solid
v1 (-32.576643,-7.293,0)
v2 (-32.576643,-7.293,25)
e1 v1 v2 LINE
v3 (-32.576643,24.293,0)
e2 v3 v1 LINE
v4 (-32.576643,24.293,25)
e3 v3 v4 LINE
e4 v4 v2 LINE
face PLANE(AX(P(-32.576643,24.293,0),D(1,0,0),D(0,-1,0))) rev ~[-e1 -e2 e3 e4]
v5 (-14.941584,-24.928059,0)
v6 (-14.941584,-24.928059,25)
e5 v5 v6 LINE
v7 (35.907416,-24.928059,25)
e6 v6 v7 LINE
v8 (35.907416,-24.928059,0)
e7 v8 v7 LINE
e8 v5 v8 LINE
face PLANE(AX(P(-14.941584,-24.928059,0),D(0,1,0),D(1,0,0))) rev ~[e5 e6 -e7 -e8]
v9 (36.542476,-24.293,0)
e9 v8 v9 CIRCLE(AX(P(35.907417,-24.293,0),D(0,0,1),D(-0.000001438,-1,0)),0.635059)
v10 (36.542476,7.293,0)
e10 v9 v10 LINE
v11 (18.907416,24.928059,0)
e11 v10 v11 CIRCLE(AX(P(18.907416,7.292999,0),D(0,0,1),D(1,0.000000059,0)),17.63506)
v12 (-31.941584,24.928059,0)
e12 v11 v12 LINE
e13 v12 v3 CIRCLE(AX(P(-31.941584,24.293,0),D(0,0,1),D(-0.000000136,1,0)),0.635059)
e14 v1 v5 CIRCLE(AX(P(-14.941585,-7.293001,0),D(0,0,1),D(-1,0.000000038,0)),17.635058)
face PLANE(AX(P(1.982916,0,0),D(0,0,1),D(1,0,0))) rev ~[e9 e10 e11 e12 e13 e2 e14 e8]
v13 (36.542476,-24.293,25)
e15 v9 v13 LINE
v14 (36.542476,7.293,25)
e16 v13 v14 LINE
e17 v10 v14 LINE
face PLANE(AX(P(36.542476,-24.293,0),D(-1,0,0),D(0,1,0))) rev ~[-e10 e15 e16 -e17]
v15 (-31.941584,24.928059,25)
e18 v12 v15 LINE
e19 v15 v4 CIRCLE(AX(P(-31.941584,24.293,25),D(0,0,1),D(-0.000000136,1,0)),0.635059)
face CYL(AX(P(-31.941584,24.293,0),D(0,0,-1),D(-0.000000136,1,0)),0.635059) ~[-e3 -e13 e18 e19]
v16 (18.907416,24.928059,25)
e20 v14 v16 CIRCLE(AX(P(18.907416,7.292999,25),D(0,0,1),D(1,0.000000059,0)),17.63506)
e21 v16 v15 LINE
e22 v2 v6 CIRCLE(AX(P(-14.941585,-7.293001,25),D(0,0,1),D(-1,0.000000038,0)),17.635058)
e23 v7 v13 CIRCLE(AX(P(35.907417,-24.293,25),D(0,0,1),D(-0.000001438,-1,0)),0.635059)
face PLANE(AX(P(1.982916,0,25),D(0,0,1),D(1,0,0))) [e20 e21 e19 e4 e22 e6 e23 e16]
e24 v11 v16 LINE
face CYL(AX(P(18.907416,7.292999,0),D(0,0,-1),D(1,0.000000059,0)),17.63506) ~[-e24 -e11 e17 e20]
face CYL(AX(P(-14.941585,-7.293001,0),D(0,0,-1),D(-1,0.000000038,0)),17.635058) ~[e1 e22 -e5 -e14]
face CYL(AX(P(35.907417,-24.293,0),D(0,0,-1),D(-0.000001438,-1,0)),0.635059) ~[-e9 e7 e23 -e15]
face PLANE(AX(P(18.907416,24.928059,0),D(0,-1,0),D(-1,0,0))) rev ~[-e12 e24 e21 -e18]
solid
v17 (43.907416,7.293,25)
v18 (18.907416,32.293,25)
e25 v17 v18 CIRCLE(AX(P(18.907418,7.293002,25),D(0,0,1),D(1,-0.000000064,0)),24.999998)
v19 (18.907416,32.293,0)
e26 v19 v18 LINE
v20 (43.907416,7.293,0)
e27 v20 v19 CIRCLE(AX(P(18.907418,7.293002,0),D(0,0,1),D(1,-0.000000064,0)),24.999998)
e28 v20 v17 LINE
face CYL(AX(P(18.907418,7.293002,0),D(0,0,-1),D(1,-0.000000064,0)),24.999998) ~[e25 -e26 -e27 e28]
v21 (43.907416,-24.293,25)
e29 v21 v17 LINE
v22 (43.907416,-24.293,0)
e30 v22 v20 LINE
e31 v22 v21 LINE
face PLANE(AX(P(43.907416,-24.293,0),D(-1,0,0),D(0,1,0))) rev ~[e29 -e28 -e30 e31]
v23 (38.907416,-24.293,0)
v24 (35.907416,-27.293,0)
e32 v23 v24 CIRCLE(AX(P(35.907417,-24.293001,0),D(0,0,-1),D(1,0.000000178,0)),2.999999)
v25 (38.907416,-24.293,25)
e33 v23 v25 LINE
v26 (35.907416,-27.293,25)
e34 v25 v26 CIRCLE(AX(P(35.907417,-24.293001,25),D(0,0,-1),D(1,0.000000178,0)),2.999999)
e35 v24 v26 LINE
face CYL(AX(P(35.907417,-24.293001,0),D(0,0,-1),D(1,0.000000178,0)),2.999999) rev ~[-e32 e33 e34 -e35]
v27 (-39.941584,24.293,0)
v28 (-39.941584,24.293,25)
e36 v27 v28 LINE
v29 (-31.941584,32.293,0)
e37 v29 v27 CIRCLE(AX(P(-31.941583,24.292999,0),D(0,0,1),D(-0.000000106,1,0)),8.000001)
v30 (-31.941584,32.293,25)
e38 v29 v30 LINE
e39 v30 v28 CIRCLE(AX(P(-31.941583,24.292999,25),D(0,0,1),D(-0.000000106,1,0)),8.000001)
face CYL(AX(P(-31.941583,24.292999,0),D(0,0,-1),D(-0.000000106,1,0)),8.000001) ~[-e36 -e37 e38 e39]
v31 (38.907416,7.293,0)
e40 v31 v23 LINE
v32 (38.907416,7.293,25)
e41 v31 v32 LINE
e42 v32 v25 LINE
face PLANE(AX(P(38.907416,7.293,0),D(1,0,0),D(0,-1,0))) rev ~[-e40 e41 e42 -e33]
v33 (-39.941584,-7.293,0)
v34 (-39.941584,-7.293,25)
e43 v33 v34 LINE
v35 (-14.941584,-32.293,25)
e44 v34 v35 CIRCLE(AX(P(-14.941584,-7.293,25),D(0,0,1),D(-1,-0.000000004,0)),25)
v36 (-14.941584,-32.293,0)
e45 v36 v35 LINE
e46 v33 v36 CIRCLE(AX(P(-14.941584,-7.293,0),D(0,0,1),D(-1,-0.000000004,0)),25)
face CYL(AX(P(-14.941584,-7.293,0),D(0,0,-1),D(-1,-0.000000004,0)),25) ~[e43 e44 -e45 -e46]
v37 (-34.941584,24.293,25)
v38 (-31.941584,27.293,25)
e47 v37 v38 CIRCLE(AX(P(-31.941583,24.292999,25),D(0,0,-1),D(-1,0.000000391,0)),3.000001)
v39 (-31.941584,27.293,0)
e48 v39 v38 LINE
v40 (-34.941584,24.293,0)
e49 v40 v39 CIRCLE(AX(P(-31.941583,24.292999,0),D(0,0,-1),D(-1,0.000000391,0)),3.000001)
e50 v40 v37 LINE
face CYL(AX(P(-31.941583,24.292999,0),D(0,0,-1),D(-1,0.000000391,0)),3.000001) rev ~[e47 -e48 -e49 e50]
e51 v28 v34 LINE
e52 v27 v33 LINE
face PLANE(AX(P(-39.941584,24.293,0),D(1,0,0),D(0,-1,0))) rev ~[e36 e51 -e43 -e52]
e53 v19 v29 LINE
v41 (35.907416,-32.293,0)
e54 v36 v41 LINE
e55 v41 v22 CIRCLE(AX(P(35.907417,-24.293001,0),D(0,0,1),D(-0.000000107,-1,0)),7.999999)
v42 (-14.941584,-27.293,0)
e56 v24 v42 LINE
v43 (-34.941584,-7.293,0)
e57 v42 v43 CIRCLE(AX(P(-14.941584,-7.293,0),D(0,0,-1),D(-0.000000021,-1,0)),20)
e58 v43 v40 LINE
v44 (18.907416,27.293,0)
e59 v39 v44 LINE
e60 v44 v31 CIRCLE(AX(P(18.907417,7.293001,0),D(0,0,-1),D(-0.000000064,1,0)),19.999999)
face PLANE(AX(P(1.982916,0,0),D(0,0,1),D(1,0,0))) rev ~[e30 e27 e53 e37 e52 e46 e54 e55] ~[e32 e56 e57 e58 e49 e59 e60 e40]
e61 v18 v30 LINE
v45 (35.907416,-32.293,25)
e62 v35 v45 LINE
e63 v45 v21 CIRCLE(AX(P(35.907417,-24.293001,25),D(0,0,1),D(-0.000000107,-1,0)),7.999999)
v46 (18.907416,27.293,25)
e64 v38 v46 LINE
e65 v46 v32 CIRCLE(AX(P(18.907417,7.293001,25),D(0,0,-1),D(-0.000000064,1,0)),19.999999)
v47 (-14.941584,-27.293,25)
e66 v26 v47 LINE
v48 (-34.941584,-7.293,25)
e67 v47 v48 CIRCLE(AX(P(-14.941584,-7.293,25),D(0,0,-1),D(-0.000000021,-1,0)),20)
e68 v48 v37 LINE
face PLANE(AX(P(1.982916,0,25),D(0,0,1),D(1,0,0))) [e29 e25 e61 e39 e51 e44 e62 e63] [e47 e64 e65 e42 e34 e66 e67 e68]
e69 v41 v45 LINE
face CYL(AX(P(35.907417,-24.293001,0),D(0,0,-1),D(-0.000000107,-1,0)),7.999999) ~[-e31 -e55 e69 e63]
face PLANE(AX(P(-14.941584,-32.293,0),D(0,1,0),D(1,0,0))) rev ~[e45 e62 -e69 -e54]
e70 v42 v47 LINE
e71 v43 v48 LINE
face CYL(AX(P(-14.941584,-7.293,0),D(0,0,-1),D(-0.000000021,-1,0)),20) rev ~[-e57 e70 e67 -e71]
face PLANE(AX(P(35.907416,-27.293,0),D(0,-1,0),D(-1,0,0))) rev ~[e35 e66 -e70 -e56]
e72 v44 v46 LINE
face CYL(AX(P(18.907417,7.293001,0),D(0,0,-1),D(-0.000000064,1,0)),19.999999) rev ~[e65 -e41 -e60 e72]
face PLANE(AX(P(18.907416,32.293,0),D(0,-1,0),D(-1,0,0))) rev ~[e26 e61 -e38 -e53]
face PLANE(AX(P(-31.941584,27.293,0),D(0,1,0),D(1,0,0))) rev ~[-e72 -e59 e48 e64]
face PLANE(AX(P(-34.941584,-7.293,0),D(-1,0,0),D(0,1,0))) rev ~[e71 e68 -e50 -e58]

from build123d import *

# Parameters (mm, degrees)
F1_DEPTH = 25


with BuildPart() as f1:
    # F0 (on Top) → F1 (new body)
    with BuildSketch(Plane.XY):
        with BuildLine():
            Line((18.907416, 32.293), (-31.941584, 32.293))
            ThreePointArc((-31.941584, 32.293), (-37.598438, 29.949854), (-39.941584, 24.293))
            Line((-39.941584, 24.293), (-39.941584, -7.293))
            ThreePointArc((-39.941584, -7.293), (-32.619253, -24.97067), (-14.941584, -32.293))
            Line((-14.941584, -32.293), (35.907416, -32.293))
            ThreePointArc((35.907416, -32.293), (41.564271, -29.949854), (43.907416, -24.293))
            Line((43.907416, -24.293), (43.907416, 7.293))
            ThreePointArc((43.907416, 7.293), (36.585086, 24.97067), (18.907416, 32.293))
        make_face()
        with BuildLine():
            ThreePointArc((-34.941584, 24.293), (-34.062904, 26.41432), (-31.941584, 27.293))
            Line((-31.941584, 27.293), (18.907416, 27.293))
            ThreePointArc((18.907416, 27.293), (33.049552, 21.435136), (38.907416, 7.293))
            Line((38.907416, 7.293), (38.907416, -24.293))
            ThreePointArc((38.907416, -24.293), (38.028737, -26.41432), (35.907416, -27.293))
            Line((35.907416, -27.293), (-14.941584, -27.293))
            ThreePointArc((-14.941584, -27.293), (-29.083719, -21.435136), (-34.941584, -7.293))
            Line((-34.941584, -7.293), (-34.941584, 24.293))
        make_face(mode=Mode.SUBTRACT)
        with BuildLine():
            Line((18.907416, 24.928059), (-31.941584, 24.928059))
            ThreePointArc((-31.941584, 24.928059), (-32.390638, 24.742055), (-32.576643, 24.293))
            Line((-32.576643, 24.293), (-32.576643, -7.293))
            ThreePointArc((-32.576643, -7.293), (-27.411454, -19.76287), (-14.941584, -24.928059))
            Line((-14.941584, -24.928059), (35.907416, -24.928059))
            ThreePointArc((35.907416, -24.928059), (36.356471, -24.742055), (36.542476, -24.293))
            Line((36.542476, -24.293), (36.542476, 7.293))
            ThreePointArc((36.542476, 7.293), (31.377286, 19.76287), (18.907416, 24.928059))
        make_face()
    extrude(amount=F1_DEPTH)


solid = f1.part
